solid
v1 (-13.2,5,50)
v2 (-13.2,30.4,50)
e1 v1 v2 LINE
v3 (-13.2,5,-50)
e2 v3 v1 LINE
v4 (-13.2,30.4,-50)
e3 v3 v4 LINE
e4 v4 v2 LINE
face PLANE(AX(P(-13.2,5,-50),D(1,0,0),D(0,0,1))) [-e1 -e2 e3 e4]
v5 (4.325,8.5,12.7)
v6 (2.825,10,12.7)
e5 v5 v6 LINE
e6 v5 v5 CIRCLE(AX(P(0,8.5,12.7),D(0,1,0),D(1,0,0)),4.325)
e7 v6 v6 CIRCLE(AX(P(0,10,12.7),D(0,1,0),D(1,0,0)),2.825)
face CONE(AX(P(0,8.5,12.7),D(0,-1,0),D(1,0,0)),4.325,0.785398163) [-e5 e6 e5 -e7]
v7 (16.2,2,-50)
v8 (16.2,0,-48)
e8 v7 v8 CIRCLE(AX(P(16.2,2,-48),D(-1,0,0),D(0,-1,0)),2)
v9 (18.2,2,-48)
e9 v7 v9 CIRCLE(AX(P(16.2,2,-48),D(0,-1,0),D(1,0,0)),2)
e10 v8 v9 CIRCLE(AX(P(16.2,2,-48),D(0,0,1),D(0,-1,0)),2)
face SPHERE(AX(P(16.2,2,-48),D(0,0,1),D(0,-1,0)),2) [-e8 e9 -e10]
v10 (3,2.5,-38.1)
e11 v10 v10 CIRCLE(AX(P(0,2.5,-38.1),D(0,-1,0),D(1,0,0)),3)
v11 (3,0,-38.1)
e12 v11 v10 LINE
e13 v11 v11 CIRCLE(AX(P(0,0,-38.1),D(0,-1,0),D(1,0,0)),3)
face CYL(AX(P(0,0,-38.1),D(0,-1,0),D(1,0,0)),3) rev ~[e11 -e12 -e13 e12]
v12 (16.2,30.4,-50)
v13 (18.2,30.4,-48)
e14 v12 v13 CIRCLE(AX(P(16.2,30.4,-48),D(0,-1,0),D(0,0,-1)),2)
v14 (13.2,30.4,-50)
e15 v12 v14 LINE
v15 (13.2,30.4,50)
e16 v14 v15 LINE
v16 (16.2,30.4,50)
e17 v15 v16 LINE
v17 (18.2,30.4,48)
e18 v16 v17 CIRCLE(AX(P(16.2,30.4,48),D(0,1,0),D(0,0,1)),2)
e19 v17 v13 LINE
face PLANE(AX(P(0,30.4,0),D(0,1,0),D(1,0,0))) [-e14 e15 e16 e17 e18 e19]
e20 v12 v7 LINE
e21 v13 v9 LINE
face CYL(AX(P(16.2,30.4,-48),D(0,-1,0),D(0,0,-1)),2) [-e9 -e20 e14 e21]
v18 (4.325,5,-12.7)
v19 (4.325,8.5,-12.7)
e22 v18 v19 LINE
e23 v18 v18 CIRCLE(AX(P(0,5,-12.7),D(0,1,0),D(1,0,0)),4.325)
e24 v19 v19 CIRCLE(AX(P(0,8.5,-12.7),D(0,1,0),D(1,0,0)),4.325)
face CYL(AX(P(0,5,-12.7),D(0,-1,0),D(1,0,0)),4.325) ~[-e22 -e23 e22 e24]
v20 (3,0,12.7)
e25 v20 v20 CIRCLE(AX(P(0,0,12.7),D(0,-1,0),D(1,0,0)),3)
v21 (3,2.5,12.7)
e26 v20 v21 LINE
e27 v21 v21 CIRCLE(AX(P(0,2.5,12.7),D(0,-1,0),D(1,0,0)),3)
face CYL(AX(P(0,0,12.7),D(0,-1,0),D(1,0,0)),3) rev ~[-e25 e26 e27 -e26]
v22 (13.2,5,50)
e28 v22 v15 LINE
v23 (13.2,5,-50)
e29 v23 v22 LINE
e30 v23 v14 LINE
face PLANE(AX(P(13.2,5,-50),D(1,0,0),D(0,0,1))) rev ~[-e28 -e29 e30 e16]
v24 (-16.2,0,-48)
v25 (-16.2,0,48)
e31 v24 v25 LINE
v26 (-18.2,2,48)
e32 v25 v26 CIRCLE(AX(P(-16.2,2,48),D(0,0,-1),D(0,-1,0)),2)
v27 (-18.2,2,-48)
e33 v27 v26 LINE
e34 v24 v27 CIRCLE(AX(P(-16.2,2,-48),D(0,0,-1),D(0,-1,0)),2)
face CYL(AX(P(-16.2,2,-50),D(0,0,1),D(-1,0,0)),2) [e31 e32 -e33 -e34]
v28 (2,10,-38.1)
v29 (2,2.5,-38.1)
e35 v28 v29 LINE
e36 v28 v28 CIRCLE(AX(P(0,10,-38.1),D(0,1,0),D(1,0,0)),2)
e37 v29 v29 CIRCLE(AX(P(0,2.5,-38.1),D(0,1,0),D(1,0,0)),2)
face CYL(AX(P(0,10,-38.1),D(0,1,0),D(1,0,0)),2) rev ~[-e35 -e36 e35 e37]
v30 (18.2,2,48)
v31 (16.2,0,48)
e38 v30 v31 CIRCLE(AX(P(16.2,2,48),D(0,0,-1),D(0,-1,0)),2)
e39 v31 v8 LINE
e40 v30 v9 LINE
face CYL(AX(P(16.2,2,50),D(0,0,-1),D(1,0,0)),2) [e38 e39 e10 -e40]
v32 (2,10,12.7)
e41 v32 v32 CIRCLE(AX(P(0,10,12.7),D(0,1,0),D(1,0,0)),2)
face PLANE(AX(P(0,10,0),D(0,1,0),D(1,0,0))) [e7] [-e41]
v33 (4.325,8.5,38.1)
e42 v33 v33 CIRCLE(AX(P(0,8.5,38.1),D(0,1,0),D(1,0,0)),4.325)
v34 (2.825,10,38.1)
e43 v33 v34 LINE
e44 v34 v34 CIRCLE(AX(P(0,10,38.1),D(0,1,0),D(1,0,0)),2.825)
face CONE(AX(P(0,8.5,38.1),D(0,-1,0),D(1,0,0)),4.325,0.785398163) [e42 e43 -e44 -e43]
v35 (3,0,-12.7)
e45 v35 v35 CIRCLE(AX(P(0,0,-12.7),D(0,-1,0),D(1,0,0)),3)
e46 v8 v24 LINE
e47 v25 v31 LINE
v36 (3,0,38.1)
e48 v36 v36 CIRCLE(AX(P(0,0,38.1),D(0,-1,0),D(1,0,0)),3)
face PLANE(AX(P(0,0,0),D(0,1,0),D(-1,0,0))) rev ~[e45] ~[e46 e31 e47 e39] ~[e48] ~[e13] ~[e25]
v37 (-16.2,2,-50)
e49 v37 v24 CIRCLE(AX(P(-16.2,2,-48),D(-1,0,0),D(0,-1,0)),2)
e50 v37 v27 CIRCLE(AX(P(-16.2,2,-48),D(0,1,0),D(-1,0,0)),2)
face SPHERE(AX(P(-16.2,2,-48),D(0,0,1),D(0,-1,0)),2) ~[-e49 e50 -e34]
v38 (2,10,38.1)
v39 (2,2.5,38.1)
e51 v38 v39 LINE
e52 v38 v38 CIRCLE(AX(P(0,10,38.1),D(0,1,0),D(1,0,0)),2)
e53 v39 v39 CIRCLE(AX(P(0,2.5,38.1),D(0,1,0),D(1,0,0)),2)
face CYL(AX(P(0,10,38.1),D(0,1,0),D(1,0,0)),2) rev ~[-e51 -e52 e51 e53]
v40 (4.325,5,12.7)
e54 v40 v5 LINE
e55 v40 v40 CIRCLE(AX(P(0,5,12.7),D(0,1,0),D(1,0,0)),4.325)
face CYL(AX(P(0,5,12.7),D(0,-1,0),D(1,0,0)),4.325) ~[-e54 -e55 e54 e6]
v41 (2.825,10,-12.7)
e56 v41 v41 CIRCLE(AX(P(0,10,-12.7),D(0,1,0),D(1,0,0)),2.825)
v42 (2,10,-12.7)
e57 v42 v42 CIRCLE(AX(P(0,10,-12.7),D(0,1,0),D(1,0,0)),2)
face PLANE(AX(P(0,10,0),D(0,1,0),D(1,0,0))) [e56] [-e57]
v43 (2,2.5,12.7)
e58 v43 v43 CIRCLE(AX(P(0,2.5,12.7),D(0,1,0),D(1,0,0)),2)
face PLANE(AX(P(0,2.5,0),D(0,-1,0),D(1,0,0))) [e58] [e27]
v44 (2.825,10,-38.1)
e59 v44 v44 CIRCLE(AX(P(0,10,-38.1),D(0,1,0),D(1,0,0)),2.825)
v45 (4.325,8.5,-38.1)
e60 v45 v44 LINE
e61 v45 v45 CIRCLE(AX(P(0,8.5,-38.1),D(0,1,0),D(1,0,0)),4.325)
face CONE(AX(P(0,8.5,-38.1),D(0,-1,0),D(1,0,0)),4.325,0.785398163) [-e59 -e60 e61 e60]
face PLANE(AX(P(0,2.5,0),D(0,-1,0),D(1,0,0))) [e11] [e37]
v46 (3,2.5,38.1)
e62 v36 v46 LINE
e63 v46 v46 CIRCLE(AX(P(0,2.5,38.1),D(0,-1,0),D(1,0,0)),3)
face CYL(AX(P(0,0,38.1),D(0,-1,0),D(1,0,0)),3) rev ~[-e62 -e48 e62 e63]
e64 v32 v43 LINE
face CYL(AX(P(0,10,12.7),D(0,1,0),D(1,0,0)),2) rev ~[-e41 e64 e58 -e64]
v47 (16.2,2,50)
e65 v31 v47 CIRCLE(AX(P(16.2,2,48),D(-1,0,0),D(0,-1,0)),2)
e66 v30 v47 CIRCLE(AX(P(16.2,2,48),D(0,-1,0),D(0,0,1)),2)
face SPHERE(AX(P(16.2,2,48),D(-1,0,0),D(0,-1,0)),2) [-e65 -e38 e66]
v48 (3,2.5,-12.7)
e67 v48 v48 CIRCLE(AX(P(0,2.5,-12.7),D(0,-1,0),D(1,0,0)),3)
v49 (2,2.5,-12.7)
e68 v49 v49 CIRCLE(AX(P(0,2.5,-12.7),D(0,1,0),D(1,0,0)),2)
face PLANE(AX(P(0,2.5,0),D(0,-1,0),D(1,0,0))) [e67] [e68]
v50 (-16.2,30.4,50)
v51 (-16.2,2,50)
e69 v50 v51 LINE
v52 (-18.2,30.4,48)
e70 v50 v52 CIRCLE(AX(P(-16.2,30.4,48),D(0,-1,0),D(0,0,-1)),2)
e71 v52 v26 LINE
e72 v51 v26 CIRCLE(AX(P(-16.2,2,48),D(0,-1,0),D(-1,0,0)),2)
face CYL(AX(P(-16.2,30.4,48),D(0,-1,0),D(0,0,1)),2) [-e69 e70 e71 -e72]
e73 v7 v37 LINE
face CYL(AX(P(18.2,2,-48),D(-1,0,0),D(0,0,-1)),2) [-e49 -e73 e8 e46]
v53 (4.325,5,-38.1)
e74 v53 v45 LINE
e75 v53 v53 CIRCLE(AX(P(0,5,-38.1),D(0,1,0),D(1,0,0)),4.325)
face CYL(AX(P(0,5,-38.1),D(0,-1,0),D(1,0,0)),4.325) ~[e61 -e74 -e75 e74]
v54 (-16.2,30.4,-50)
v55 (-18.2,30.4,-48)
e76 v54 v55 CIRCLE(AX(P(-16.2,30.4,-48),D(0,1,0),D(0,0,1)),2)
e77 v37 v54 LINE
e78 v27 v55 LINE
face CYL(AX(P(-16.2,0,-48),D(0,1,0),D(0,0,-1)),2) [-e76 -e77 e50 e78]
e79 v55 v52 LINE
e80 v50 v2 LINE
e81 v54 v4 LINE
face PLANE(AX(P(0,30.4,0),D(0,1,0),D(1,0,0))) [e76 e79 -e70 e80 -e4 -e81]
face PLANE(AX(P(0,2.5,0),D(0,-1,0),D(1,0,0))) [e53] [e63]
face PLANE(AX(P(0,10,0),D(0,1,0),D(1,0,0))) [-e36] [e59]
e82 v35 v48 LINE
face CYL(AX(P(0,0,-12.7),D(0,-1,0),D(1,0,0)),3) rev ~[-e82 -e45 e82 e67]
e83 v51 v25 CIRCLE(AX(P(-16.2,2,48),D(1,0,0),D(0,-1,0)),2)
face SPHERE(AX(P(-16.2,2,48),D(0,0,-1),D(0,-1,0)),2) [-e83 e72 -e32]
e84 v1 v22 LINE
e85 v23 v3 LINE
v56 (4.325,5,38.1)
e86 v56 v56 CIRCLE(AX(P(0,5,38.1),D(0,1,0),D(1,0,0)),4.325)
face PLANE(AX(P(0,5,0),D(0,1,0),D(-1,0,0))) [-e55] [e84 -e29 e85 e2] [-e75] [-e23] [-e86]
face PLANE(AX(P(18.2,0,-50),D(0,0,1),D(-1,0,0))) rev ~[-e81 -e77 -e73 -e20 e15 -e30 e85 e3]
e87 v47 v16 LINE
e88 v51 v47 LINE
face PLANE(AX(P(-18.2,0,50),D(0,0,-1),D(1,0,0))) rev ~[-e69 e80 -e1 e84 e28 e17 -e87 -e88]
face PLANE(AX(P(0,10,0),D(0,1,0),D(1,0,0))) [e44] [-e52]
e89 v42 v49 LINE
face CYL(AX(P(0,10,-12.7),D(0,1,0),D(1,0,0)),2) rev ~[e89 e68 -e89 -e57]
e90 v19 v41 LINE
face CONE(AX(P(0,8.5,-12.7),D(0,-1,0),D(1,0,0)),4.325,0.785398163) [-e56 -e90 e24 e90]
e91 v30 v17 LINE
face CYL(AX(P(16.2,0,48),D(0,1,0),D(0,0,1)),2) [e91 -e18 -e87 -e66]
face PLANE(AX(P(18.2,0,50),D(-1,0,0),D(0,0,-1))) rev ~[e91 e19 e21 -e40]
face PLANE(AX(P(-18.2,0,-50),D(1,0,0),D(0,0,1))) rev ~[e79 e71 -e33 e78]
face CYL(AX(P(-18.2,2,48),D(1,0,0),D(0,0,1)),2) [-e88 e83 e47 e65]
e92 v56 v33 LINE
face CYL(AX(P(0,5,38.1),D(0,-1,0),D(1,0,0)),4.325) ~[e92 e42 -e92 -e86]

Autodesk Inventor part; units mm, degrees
ref_plane "YZ Plane" through (0, 0, 0) normal (1, 0, 0) x (0, 1, 0)
ref_plane "XZ Plane" through (0, 0, 0) normal (0, 1, 0) x (-1, 0, 0)
ref_plane "XY Plane" through (0, 0, 0) normal (0, 0, 1) x (1, 0, 0)
sketch "Sketch1" plane through (0, 0, 0) normal (0, 1, 0) x (-1, 0, 0)
  line L0 (18.2, 50) -> (-18.2, 50)
  line L1 (-18.2, 50) -> (-18.2, -50)
  line L2 (-18.2, -50) -> (18.2, -50)
  line L3 (18.2, -50) -> (18.2, 50)
  point P0 (0, 0)
  dimension "d0" = 36.4
  dimension "d1" = 100
extrude "Extrusion1" add sketch "Sketch1" along normal blind 5
sketch "Sketch2" plane through (0, 5, 0) normal (0, 1, 0) x (1, 0, 0)
  circle A0 centre (0, 12.7) radius 4.325
  circle A1 centre (0, -12.7) radius 4.325
  circle A2 centre (0, -38.1) radius 4.325
  circle A3 centre (0, 38.1) radius 4.325
  point P0 (0, 0)
  dimension "d4" = 8.65
  dimension "d5" = 8.65
  dimension "d6" = 8.65
  dimension "d7" = 8.65
extrude "Extrusion2" add sketch "Sketch2" along normal blind 5
chamfer "Chamfer1" distance 1.5 angle 45 4 edges at (-4.325, 10, 38.1) (-4.325, 10, 12.7) (-4.325, 10, -12.7) (-4.325, 10, -38.1)
sketch "Sketch3" plane through (0, 5, 0) normal (0, 1, 0) x (1, 0, 0)
  line L0 (-18.2, 50) -> (-18.2, -50) projected
  line L1 (-18.2, -50) -> (18.2, -50) projected
  line L2 (-18.2, 50) -> (-13.2, 50)
  line L3 (-13.2, 50) -> (-13.2, -50)
  line L4 (-13.2, -50) -> (-18.2, -50)
  line L5 (-18.2, -50) -> (-18.2, 50)
  line L6 (18.2, -50) -> (18.2, 50) projected
  line L7 (18.2, 50) -> (13.2, 50)
  line L8 (13.2, 50) -> (13.2, -50)
  line L9 (13.2, -50) -> (18.2, -50)
  line L10 (18.2, -50) -> (18.2, 50)
  point P0 (0, 0)
  dimension "d13" = 5
  dimension "d14" = 5
extrude "Extrusion3" add sketch "Sketch3" along normal blind 25.4
sketch "Sketch4" plane through (0, 10, 38.1) normal (0, 1, 0) x (1, 0, 0)
  circle A0 centre (0, 0) radius 2.825 projected
  circle A1 centre (0, 0) radius 2
  circle A2 centre (0, 25.4) radius 2.825 projected
  circle A3 centre (0, 25.4) radius 2
  circle A4 centre (0, 50.8) radius 2.825 projected
  circle A5 centre (0, 50.8) radius 2
  circle A6 centre (0, 76.2) radius 2.825 projected
  circle A7 centre (0, 76.2) radius 2
  point P0 (0, 38.1)
  dimension "d17" = 4
  dimension "d18" = 4
  dimension "d19" = 4
  dimension "d20" = 4
extrude "Extrusion4" cut sketch "Sketch4" against normal blind 25.4 contours A1 | A3 | A5 | A7
sketch "Sketch5" plane through (0, 0, 0) normal (0, -1, 0) x (1, 0, 0)
  circle A0 centre (0, 38.1) radius 2.825 projected
  circle A1 centre (0, 38.1) radius 3
  circle A2 centre (0, 12.7) radius 2 projected
  circle A3 centre (0, 12.7) radius 3
  circle A4 centre (0, -12.7) radius 3
  circle A5 centre (0, -38.1) radius 2 projected
  circle A6 centre (0, -38.1) radius 3
  point P0 (0, 0)
  dimension "d23" = 6
  dimension "d24" = 6
  dimension "d25" = 6
  dimension "d26" = 6
extrude "Extrusion5" cut sketch "Sketch5" against normal blind 2.5 contours A0 | A1 | A2 | A3 | A4 | A5 | A6
fillet "Fillet1" radius 2 8 edges at (-18.2, 0, 0) (0, 0, 50) (18.2, 0, 0) (0, 0, -50) (-18.2, 15.2, -50) (-18.2, 15.2, 50) (18.2, 15.2, 50) (18.2, 15.2, -50)
properties part number "CBCaseMount"
